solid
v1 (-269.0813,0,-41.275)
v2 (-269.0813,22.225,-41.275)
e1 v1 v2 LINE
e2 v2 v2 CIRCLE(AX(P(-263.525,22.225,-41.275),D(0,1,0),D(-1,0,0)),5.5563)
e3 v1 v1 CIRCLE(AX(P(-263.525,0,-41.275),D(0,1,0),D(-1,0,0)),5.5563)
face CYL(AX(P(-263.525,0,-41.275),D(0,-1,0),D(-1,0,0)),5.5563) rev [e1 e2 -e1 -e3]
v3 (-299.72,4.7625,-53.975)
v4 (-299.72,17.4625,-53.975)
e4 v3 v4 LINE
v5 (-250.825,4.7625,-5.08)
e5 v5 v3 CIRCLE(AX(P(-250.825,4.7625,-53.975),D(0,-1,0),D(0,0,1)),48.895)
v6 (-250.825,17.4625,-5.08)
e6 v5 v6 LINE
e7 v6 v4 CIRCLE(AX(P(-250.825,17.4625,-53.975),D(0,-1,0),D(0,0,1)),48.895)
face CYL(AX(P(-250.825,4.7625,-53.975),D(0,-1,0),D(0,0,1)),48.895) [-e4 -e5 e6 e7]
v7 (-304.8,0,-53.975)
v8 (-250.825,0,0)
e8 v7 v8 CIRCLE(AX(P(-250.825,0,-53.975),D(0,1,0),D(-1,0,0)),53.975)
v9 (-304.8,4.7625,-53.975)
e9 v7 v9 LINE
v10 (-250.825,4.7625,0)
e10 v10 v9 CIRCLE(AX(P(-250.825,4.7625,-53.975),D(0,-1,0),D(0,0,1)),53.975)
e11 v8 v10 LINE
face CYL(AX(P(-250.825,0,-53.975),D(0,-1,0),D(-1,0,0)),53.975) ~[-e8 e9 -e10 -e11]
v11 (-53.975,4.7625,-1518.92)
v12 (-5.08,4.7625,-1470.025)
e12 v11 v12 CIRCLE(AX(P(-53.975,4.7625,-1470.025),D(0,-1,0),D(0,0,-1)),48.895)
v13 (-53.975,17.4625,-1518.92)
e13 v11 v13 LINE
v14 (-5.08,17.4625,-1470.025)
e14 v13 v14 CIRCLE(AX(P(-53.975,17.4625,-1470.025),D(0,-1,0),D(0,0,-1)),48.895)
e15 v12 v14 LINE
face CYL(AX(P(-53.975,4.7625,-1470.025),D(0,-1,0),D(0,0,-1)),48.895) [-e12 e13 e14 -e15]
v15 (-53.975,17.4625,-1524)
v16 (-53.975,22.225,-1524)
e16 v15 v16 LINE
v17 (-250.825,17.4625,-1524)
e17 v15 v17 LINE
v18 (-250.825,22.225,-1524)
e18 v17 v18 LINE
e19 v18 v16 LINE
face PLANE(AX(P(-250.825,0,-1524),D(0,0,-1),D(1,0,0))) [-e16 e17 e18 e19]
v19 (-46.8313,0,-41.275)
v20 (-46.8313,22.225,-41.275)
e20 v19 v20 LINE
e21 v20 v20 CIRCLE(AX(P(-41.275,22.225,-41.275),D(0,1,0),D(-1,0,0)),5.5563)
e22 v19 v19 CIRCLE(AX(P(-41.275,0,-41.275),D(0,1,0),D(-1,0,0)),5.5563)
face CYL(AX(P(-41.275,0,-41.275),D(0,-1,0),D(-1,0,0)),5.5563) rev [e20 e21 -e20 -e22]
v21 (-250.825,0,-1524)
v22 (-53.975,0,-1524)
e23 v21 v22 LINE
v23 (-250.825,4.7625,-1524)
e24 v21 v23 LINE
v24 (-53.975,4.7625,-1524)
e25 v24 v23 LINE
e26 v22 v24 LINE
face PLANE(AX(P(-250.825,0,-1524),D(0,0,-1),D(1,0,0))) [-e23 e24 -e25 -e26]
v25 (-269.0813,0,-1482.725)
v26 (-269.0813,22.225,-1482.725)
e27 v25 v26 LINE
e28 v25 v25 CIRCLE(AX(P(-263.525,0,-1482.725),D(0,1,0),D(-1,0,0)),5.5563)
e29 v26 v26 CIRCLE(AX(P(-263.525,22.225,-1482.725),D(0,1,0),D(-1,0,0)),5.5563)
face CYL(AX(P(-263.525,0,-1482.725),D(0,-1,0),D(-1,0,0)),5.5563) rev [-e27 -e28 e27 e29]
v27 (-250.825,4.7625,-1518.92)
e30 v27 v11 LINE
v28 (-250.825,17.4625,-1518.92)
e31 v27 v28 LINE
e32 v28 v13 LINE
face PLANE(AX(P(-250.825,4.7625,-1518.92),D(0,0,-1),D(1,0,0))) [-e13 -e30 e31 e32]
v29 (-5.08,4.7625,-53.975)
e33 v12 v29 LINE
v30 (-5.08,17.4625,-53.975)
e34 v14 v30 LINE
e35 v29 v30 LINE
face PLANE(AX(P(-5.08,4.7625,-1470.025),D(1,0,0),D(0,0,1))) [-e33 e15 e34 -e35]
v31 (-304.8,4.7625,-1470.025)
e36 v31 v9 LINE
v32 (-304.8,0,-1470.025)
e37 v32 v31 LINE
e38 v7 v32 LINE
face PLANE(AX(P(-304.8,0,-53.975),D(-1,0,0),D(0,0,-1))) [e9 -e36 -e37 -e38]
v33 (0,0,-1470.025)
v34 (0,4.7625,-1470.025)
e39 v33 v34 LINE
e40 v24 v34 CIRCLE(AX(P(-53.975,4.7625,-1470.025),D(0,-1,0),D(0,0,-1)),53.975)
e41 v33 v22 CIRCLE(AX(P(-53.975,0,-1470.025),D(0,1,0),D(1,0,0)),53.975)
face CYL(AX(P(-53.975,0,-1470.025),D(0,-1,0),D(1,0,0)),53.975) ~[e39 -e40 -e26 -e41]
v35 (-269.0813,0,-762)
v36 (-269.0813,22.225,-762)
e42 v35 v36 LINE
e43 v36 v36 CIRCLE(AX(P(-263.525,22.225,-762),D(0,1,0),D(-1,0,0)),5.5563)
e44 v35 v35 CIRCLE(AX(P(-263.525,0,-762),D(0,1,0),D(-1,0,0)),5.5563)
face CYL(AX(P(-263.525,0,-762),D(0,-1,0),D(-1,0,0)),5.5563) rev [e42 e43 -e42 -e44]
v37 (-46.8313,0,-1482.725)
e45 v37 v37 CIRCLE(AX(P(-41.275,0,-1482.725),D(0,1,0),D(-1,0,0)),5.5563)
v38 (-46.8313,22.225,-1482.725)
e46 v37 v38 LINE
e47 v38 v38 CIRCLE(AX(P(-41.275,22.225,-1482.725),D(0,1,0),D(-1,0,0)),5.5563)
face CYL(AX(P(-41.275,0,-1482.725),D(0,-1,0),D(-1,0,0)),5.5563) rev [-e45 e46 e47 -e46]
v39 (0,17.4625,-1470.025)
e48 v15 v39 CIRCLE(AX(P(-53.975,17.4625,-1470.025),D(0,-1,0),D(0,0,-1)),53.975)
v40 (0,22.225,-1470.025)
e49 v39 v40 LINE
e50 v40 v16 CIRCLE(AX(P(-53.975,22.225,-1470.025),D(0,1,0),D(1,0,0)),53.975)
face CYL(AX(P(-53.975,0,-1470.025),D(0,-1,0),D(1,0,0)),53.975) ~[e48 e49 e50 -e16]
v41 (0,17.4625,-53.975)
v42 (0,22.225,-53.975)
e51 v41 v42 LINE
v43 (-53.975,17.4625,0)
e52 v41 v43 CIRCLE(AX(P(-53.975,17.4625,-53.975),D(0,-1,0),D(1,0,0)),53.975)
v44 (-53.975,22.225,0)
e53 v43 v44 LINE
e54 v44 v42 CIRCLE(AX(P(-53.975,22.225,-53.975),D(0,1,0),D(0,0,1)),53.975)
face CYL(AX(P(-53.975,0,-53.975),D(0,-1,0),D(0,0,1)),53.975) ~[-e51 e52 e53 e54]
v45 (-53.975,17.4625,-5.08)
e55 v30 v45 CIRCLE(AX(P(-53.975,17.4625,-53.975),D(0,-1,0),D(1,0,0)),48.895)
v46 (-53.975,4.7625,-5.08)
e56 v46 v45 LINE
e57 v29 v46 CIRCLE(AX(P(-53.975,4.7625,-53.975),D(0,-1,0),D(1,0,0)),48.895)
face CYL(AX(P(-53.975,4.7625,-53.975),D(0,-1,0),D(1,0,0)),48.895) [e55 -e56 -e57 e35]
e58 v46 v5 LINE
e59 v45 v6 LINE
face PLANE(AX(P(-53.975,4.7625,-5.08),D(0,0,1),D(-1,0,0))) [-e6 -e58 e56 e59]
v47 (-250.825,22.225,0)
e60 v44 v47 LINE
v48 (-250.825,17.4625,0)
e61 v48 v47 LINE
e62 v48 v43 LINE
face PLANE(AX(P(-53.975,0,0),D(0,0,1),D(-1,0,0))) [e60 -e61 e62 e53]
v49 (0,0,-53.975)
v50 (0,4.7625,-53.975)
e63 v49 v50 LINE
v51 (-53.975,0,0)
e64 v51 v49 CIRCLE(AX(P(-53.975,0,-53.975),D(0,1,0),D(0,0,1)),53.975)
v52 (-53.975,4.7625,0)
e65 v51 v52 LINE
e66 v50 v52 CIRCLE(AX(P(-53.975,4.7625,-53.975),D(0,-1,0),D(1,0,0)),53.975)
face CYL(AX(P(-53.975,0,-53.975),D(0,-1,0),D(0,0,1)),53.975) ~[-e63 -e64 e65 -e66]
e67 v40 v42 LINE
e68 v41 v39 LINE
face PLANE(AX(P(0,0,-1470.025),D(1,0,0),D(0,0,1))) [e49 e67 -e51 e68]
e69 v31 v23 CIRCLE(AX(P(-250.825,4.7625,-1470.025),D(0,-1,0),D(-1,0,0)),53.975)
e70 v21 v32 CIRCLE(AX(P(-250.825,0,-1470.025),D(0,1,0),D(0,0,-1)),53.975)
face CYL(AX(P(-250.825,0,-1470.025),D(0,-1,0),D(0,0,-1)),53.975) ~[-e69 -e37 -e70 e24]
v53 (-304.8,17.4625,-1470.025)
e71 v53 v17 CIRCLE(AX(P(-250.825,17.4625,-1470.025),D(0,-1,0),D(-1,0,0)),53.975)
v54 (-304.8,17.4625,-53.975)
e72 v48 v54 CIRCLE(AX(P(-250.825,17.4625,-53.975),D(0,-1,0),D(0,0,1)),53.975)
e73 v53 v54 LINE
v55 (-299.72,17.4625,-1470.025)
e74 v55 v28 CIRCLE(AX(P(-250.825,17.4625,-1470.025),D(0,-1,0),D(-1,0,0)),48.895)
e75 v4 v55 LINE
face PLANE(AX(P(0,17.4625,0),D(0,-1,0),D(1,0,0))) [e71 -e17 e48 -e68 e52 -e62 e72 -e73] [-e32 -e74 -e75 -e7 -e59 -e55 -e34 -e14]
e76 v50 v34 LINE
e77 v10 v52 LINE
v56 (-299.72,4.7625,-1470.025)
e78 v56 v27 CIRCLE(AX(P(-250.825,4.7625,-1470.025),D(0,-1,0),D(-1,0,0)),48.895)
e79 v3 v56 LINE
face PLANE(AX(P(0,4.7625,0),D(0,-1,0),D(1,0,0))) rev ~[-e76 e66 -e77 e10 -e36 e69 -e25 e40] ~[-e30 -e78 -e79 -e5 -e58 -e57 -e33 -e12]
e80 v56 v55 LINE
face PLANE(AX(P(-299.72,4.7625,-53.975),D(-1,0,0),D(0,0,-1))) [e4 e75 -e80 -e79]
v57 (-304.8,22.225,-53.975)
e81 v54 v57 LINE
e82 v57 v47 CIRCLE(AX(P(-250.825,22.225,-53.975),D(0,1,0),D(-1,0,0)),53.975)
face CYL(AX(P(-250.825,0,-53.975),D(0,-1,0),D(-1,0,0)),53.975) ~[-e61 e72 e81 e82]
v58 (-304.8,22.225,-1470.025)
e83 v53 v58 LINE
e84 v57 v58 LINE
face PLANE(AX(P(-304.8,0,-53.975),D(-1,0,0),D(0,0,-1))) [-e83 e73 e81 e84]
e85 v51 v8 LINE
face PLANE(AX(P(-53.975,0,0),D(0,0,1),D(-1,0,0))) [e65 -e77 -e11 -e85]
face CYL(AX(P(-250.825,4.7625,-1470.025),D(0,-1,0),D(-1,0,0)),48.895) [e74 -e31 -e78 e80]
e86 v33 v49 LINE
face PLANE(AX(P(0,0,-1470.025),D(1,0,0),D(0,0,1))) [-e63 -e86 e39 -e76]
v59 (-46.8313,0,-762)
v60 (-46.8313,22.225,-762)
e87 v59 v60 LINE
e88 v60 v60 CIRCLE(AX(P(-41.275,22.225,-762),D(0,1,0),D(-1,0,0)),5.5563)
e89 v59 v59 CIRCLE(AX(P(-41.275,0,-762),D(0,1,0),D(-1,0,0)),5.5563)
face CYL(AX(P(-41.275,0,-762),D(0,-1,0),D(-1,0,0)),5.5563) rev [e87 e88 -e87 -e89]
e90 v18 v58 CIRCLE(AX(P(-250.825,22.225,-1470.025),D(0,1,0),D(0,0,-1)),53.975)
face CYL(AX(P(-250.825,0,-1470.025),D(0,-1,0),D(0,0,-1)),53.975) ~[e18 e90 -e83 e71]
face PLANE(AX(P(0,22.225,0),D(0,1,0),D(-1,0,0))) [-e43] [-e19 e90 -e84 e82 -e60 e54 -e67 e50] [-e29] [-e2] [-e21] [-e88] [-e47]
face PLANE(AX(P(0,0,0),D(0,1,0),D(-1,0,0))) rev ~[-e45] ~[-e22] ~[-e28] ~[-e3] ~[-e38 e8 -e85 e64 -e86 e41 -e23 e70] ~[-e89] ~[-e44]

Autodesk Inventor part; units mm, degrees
ref_plane "YZ Plane" through (0, 0, 0) normal (1, 0, 0) x (0, 1, 0)
ref_plane "XZ Plane" through (0, 0, 0) normal (0, 1, 0) x (-1, 0, 0)
ref_plane "XY Plane" through (0, 0, 0) normal (0, 0, 1) x (1, 0, 0)
sketch "Sketch1" plane through (0, 0, 0) normal (0, 1, 0) x (-1, 0, 0)
  line L0 (53.975, 0) -> (250.825, 0)
  line L1 (304.8, -53.975) -> (304.8, -1470.025)
  line L2 (250.825, -1524) -> (53.975, -1524)
  line L3 (0, -1470.025) -> (0, -53.975)
  circle A0 centre (263.525, -41.275) radius 5.5563
  circle A1 centre (263.525, -762) radius 5.5563
  circle A2 centre (263.525, -1482.725) radius 5.5563
  circle A3 centre (41.275, -41.275) radius 5.5563
  circle A4 centre (41.275, -762) radius 5.5563
  circle A5 centre (41.275, -1482.725) radius 5.5563
  arc A6 (304.8, -53.975) -> (250.825, 0) centre (250.825, -53.975) ccw
  arc A7 (0, -1470.025) -> (53.975, -1524) centre (53.975, -1470.025) ccw
  arc A8 (250.825, -1524) -> (304.8, -1470.025) centre (250.825, -1470.025) ccw
  arc A9 (53.975, 0) -> (0, -53.975) centre (53.975, -53.975) ccw
  point P0 (0, 0)
  point P1 (304.8, -1524)
  point P2 (0, -1524)
  dimension "d0" = 304.8
  dimension "d1" = 1524
  dimension "d2" = 11.1125
  dimension "d5" = 720.725
  dimension "d8" = 222.25
  dimension "d11" = 41.275
  dimension "d12" = 41.275
  dimension "d13" = 53.975
extrude "Extrusion1" add sketch "Sketch1" along normal blind 22.225
ref_plane "Work Plane3" through (0, 17.4625, 0) normal (0, 1, 0) x (1, 0, 0)
sketch "Sketch2" plane through (0, 17.4625, 0) normal (0, 1, 0) x (1, 0, 0)
  circle A0 centre (-41.275, 1482.725) radius 5.5562 projected
  circle A1 centre (-41.275, 762) radius 5.5562 projected
  circle A2 centre (-41.275, 41.275) radius 5.5562 projected
  circle A3 centre (-263.525, 1482.725) radius 5.5562 projected
  circle A4 centre (-263.525, 762) radius 5.5562 projected
  circle A5 centre (-263.525, 41.275) radius 5.5562 projected
  line L0 (-250.825, 0) -> (-53.975, 0) projected
  arc A6 (-53.975, 0) -> (0, 53.975) centre (-53.975, 53.975) ccw projected
  line L1 (0, 53.975) -> (0, 1470.025) projected
  arc A7 (0, 1470.025) -> (-53.975, 1524) centre (-53.975, 1470.025) ccw projected
  line L2 (-53.975, 1524) -> (-250.825, 1524) projected
  arc A8 (-250.825, 1524) -> (-304.8, 1470.025) centre (-250.825, 1470.025) ccw projected
  line L3 (-304.8, 1470.025) -> (-304.8, 53.975) projected
  arc A9 (-304.8, 53.975) -> (-250.825, 0) centre (-250.825, 53.975) ccw projected
  line L4 (0, 53.975) -> (0, 1470.025)
  arc A10 (-250.825, 1524) -> (-304.8, 1470.025) centre (-250.825, 1470.025) ccw projected
  line L5 (-53.975, 1524) -> (-250.825, 1524)
  line L6 (-304.8, 1470.025) -> (-304.8, 53.975) projected
  line L7 (-304.8, 1470.025) -> (-304.8, 53.975)
  line L8 (-250.825, 0) -> (-53.975, 0)
  point P0 (0, 0)
ref_plane "Work Plane4" through (0, 4.7625, 0) normal (0, -1, 0) x (1, 0, 0)
sketch "Sketch3" plane through (0, 4.7625, 0) normal (0, -1, 0) x (1, 0, 0)
  circle A0 centre (-41.275, -1482.725) radius 5.5562 projected
  circle A1 centre (-41.275, -762) radius 5.5562 projected
  circle A2 centre (-41.275, -41.275) radius 5.5562 projected
  circle A3 centre (-263.525, -1482.725) radius 5.5562 projected
  circle A4 centre (-263.525, -762) radius 5.5562 projected
  circle A5 centre (-263.525, -41.275) radius 5.5562 projected
  line L0 (-250.825, 0) -> (-53.975, 0) projected
  arc A6 (0, -53.975) -> (-53.975, 0) centre (-53.975, -53.975) ccw projected
  line L1 (0, -53.975) -> (0, -1470.025) projected
  arc A7 (-53.975, -1524) -> (0, -1470.025) centre (-53.975, -1470.025) ccw projected
  line L2 (-53.975, -1524) -> (-250.825, -1524) projected
  arc A8 (-304.8, -1470.025) -> (-250.825, -1524) centre (-250.825, -1470.025) ccw projected
  line L3 (-304.8, -1470.025) -> (-304.8, -53.975) projected
  arc A9 (-250.825, 0) -> (-304.8, -53.975) centre (-250.825, -53.975) ccw projected
  line L4 (-299.72, -53.975) -> (-299.72, -1470.025)
  arc A10 (-299.72, -1470.025) -> (-250.825, -1518.92) centre (-250.825, -1470.025) ccw
  line L5 (-250.825, -1518.92) -> (-53.975, -1518.92)
  arc A11 (-53.975, -1518.92) -> (-5.08, -1470.025) centre (-53.975, -1470.025) ccw
  line L6 (-5.08, -1470.025) -> (-5.08, -53.975)
  arc A12 (-5.08, -53.975) -> (-53.975, -5.08) centre (-53.975, -53.975) ccw
  line L7 (-53.975, -5.08) -> (-250.825, -5.08)
  arc A13 (-250.825, -5.08) -> (-299.72, -53.975) centre (-250.825, -53.975) ccw
  point P0 (0, 0)
  dimension "d26" = 5.08
sketch "Sketch8" plane through (0, 22.225, 0) normal (0, 1, 0) x (1, 0, 0)
  arc A0 (-53.975, 0) -> (0, 53.975) centre (-53.975, 53.975) ccw projected
  line L0 (-250.825, 0) -> (-53.975, 0) projected
  line L1 (-53.975, 0) -> (-250.825, 0)
  arc A1 (-304.8, 53.975) -> (-250.825, 0) centre (-250.825, 53.975) ccw projected
  arc A2 (-250.825, 1524) -> (-304.8, 1470.025) centre (-250.825, 1470.025) ccw projected
  line L2 (-304.8, 53.975) -> (-304.8, 1470.025)
  line L3 (-53.975, 1524) -> (-250.825, 1524) projected
  line L4 (-250.825, 1524) -> (-53.975, 1524)
  arc A3 (0, 1470.025) -> (-53.975, 1524) centre (-53.975, 1470.025) ccw projected
  line L5 (0, 1470.025) -> (0, 53.975)
  arc A4 (-53.975, 0) -> (0, 53.975) centre (-53.975, 53.975) ccw
  arc A5 (-304.8, 53.975) -> (-250.825, 0) centre (-250.825, 53.975) ccw
  arc A6 (-250.825, 1524) -> (-304.8, 1470.025) centre (-250.825, 1470.025) ccw
  arc A7 (0, 1470.025) -> (-53.975, 1524) centre (-53.975, 1470.025) ccw
  line L6 (-299.72, 1470.025) -> (-299.72, 53.975)
  arc A8 (-299.72, 53.975) -> (-250.825, 5.08) centre (-250.825, 53.975) ccw
  line L7 (-250.825, 5.08) -> (-53.975, 5.08)
  arc A9 (-53.975, 5.08) -> (-5.08, 53.975) centre (-53.975, 53.975) ccw
  line L8 (-5.08, 53.975) -> (-5.08, 1470.025)
  arc A10 (-5.08, 1470.025) -> (-53.975, 1518.92) centre (-53.975, 1470.025) ccw
  line L9 (-53.975, 1518.92) -> (-250.825, 1518.92)
  arc A11 (-250.825, 1518.92) -> (-299.72, 1470.025) centre (-250.825, 1470.025) ccw
  point P0 (0, 0)
  dimension "d25" = 5.08
extrude "Extrusion2" cut sketch "Sketch3" against normal blind 12.7 contours L0 A6 L1 A7 L2 A8 L3 A9
sketch "Sketch9" plane through (0, 22.225, 0) normal (0, 1, 0) x (1, 0, 0)
  line L0 (-277.7202, 559.4153) -> (-277.7202, 933.7904) construction
  line L1 (-277.7202, 933.7904) -> (-121.9334, 933.7904) construction
  line L2 (-121.9334, 933.7904) -> (-121.9334, 559.4153) construction
  line L3 (-121.9334, 559.4153) -> (-277.7202, 559.4153) construction
  line L4 (-97.4713, 134.8938) -> (-97.4713, 1364.0426) construction
  line L5 (-97.4713, 1364.0426) -> (-40.6857, 1364.0426) construction
  line L6 (-40.6857, 1364.0426) -> (-40.6857, 134.8938) construction
  line L7 (-40.6857, 134.8938) -> (-97.4713, 134.8938) construction
  point P0 (0, 0)
properties part number "EtgSignModV4"
